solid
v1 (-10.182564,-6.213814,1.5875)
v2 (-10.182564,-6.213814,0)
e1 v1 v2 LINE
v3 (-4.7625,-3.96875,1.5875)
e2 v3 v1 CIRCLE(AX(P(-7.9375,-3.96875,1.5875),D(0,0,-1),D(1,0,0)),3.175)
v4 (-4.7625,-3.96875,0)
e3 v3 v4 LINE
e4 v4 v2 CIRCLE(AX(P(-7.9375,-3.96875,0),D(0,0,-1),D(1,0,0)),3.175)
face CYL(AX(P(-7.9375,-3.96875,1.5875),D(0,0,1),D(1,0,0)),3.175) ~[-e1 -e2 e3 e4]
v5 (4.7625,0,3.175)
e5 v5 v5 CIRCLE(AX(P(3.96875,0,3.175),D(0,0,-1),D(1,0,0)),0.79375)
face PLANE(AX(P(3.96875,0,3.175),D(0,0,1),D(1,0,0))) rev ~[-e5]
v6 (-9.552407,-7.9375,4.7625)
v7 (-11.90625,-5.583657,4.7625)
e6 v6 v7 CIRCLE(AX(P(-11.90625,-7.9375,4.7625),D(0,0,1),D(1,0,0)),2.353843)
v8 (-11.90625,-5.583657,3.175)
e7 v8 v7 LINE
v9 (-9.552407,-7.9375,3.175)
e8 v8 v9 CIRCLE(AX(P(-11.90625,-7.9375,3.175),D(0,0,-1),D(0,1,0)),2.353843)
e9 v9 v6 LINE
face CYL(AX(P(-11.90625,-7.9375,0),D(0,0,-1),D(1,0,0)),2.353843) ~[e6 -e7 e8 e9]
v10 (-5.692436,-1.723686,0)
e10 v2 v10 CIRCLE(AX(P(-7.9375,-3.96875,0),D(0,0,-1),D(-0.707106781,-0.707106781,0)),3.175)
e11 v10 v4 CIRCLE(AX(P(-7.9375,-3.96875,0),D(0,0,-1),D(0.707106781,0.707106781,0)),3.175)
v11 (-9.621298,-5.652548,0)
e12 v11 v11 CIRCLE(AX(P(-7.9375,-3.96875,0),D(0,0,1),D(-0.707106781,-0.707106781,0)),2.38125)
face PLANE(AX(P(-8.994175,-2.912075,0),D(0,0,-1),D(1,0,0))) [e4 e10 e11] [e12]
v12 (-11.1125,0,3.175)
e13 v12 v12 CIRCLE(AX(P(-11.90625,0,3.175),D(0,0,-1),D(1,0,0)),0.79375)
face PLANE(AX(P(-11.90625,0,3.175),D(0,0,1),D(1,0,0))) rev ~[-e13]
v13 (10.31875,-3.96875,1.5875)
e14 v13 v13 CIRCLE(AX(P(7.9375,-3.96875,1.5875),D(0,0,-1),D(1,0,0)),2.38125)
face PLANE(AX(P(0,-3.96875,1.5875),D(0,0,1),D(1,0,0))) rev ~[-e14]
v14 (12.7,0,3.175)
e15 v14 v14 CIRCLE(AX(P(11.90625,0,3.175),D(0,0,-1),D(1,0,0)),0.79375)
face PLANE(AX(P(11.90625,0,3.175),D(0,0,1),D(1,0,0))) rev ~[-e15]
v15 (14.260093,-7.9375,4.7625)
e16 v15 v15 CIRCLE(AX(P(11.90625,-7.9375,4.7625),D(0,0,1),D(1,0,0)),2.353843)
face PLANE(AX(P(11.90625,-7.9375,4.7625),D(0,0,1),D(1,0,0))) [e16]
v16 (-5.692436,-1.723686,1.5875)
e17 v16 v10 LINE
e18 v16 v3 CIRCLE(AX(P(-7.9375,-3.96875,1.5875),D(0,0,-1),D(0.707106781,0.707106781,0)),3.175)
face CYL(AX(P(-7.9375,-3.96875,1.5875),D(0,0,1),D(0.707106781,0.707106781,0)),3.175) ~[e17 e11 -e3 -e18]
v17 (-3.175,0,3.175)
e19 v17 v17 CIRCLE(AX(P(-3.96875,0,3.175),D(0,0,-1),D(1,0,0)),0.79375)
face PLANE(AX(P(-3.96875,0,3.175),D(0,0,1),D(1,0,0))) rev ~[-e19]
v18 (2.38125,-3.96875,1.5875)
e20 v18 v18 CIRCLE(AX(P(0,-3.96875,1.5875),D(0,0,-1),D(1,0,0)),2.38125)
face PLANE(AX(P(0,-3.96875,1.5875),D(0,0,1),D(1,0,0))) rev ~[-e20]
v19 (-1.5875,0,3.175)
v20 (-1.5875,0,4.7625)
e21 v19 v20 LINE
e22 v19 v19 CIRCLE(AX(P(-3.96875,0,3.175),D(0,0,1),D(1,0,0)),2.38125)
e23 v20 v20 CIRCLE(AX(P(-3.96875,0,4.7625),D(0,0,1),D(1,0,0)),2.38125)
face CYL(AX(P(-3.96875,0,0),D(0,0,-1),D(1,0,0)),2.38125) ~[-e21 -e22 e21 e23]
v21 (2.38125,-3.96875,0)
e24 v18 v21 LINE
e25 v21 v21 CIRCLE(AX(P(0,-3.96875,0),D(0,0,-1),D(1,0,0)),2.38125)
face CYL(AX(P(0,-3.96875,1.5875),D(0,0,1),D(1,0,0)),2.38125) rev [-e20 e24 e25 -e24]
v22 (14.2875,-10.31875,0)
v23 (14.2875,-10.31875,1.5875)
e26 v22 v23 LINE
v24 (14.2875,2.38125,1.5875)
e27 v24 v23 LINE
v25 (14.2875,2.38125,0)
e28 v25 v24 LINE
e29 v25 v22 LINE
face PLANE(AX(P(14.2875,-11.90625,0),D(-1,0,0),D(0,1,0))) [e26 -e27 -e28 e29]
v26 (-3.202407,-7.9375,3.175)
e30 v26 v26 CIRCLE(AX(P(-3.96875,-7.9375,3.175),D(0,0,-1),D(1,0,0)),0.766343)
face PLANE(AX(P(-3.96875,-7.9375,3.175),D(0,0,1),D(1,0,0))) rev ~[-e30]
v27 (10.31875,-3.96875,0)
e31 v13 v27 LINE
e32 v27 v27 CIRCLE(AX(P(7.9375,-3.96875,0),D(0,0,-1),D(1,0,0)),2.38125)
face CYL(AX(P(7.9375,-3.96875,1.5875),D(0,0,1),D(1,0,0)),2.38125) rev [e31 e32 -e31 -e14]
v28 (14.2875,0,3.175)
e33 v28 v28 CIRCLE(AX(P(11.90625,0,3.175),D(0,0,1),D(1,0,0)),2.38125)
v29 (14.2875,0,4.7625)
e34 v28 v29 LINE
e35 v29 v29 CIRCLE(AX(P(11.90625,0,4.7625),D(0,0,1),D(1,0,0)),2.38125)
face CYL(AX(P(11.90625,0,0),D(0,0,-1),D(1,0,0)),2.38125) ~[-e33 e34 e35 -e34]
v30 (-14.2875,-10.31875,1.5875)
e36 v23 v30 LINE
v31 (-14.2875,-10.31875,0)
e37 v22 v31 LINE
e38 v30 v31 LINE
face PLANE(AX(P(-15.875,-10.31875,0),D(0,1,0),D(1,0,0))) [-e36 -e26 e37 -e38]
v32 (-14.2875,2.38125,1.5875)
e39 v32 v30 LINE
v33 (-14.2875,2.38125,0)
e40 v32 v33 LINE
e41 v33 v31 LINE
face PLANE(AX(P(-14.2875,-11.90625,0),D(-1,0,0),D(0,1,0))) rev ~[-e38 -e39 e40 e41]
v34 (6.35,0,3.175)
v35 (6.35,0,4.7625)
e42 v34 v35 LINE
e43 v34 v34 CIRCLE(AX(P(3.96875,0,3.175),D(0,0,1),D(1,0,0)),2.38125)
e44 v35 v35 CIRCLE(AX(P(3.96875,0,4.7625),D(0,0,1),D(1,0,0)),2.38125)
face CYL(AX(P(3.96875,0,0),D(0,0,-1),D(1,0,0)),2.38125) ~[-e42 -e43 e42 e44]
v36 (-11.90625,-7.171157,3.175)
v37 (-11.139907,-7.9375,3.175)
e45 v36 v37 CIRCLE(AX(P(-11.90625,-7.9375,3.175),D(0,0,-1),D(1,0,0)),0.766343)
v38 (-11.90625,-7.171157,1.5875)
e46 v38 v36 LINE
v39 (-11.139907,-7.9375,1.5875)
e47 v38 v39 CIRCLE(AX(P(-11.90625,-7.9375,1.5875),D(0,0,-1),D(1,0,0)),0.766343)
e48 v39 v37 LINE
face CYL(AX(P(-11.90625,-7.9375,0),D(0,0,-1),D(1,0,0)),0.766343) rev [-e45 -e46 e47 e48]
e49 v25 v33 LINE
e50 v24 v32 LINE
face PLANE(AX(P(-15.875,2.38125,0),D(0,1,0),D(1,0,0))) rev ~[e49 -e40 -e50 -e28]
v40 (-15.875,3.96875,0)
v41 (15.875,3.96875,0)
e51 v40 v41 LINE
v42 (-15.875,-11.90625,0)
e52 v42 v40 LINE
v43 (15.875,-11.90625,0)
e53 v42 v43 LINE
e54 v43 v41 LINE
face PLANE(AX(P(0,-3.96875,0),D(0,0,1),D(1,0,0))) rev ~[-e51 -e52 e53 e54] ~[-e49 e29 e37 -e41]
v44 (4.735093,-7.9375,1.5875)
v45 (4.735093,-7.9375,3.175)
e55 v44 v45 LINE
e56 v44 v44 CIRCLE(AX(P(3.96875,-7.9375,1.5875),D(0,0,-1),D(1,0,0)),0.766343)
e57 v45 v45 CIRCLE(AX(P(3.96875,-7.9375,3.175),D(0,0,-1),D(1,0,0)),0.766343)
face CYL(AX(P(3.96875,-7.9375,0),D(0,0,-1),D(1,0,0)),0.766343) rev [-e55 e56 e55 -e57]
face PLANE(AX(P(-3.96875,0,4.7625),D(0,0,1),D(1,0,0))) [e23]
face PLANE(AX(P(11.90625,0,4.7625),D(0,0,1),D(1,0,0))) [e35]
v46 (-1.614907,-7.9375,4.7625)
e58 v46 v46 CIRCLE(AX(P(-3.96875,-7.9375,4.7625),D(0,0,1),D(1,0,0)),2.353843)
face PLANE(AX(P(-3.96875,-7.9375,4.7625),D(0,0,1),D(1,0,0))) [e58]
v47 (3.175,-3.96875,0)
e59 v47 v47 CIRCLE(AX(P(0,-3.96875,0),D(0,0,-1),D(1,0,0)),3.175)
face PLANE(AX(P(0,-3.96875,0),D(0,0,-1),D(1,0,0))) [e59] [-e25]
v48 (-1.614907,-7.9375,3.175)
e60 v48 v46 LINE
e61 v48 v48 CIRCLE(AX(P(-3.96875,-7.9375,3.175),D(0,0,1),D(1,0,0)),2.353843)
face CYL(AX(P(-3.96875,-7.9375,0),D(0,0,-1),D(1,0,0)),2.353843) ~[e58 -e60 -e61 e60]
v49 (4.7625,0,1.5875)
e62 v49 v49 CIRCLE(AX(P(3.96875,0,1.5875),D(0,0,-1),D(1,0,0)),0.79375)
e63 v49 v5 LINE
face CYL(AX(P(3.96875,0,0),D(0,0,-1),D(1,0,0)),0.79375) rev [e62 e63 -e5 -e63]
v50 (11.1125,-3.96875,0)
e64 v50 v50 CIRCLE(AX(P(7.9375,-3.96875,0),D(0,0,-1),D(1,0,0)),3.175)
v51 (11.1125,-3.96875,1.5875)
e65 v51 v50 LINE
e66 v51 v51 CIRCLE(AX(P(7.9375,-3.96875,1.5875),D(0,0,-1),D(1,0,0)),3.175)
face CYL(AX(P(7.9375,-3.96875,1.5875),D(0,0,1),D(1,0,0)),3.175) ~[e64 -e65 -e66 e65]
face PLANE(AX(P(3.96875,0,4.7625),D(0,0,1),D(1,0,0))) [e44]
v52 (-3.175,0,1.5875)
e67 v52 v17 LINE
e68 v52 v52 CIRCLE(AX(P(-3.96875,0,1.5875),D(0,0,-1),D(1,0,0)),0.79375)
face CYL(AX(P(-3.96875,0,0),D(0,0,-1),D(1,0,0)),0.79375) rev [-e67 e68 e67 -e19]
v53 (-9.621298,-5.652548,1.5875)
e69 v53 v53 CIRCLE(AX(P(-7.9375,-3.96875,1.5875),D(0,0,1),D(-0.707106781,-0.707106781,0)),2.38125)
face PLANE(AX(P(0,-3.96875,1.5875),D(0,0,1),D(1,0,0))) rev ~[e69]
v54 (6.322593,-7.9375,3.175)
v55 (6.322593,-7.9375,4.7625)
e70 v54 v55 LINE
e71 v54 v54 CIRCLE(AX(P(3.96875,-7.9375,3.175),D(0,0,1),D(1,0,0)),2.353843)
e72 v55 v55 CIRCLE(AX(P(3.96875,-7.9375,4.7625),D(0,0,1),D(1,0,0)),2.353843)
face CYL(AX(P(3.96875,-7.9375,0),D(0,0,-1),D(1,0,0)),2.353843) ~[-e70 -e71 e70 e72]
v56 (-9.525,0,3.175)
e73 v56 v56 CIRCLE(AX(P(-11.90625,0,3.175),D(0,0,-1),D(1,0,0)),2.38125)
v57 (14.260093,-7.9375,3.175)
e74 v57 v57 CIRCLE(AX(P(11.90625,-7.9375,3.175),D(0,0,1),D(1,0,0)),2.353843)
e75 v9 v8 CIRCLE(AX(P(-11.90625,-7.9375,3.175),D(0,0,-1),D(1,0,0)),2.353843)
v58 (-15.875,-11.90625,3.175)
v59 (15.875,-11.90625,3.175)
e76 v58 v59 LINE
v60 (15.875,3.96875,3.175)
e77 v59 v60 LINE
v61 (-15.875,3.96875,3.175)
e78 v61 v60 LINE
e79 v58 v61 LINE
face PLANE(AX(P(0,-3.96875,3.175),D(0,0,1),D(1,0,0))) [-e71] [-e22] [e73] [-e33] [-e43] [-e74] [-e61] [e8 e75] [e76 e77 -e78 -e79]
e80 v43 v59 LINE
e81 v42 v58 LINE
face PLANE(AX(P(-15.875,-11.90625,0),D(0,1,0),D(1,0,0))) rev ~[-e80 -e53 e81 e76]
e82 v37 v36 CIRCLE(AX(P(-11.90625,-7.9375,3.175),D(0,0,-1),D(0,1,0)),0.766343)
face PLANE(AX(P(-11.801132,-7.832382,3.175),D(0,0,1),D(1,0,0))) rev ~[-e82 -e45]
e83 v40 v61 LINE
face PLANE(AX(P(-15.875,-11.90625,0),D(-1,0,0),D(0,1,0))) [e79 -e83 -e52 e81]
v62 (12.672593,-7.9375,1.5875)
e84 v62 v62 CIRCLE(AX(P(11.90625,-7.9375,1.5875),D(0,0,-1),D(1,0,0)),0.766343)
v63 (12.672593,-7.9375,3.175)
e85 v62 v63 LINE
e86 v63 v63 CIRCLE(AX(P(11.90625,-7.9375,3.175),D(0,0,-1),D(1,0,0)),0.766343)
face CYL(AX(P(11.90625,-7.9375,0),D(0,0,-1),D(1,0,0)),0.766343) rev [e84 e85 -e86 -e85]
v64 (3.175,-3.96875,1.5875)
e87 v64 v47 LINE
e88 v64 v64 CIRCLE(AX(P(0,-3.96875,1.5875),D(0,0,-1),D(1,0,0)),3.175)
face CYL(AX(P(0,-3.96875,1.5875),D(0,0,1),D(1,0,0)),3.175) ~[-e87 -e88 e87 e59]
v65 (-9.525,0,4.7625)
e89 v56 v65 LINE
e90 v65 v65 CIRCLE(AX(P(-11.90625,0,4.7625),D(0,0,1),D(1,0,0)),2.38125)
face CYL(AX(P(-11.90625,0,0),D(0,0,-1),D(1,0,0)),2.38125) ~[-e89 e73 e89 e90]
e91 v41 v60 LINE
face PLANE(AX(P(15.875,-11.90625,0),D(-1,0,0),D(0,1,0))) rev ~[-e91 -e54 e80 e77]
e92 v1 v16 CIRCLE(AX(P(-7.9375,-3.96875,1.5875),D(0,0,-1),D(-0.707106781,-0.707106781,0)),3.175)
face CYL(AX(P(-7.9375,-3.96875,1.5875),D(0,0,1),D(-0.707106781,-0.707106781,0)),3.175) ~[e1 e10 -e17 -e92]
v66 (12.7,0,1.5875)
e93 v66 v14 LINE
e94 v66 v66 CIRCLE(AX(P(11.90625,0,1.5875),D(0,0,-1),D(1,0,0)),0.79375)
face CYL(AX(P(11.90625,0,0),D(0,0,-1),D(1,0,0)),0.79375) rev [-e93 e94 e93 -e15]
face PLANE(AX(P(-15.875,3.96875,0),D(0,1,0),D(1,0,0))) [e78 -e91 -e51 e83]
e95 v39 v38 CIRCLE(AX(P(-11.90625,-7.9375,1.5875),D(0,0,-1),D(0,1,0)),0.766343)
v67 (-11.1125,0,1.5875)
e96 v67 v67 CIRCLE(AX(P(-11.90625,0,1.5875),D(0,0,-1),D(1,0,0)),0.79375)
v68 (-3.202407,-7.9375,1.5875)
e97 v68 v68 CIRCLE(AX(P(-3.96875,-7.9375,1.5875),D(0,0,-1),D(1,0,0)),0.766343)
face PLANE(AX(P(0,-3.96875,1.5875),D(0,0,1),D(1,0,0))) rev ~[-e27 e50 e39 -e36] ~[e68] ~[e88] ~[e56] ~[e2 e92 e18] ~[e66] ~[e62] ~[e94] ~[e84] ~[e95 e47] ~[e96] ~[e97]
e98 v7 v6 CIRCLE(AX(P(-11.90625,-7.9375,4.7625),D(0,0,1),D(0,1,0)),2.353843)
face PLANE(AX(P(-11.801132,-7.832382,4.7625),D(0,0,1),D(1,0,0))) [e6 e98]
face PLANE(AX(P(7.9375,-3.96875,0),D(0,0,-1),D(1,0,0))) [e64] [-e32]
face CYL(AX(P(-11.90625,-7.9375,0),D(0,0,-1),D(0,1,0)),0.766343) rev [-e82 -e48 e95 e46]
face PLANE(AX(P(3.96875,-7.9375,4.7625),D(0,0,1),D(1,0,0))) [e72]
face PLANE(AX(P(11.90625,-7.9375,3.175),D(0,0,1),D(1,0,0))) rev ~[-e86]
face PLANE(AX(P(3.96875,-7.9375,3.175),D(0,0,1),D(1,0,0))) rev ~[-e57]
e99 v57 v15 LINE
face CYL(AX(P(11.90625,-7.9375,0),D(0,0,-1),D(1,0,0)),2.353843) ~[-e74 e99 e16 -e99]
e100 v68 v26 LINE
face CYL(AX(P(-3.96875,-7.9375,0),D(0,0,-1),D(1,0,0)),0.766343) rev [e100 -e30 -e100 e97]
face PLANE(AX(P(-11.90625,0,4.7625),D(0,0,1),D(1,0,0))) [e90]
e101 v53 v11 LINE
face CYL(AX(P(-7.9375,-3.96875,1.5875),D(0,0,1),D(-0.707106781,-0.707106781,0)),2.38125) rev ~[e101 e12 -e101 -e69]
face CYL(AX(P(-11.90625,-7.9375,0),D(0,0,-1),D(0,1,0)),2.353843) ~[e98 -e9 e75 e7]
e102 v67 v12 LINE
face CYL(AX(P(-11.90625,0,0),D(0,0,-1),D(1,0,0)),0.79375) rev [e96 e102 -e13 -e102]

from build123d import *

# Parameters (mm, degrees)
F0_W     = 31.75
F0_H     = 15.875
F0_R     = 2.3538427831
F0_R_2   = 2.38125
F1_DEPTH = 3.175
F2_DEPTH = 4.7625
F3_T     = -1.5875
F4_R     = 3.175
F4_R_2   = 2.38125
F5_DEPTH = 1.5875


with BuildPart() as f1:
    # F0 (on Top) → F1 (new body)
    with BuildSketch(Plane.XY):
        with Locations((0, -3.96875)):
            Rectangle(F0_W, F0_H)
        with BuildLine():
            ThreePointArc((-9.5524072169, -7.9375), (-13.5706681938, -9.6019181938), (-11.90625, -5.5836572169))
            ThreePointArc((-11.90625, -5.5836572169), (-10.2418318062, -6.2730818062), (-9.5524072169, -7.9375))
        make_face(mode=Mode.SUBTRACT)
        with Locations((-3.96875, -7.9375)):
            Circle(F0_R, mode=Mode.SUBTRACT)
        with Locations((3.96875, -7.9375)):
            Circle(F0_R, mode=Mode.SUBTRACT)
        with Locations((11.90625, -7.9375)):
            Circle(F0_R, mode=Mode.SUBTRACT)
        with BuildLine():
            ThreePointArc((-11.90625, -2.38125), (-13.5900480227, 1.6837980227), (-9.525, 0))
            ThreePointArc((-9.525, 0), (-10.2224519773, -1.6837980227), (-11.90625, -2.38125))
        make_face(mode=Mode.SUBTRACT)
        with Locations((-3.96875, 0)):
            Circle(F0_R_2, mode=Mode.SUBTRACT)
        with Locations((3.96875, 0)):
            Circle(F0_R_2, mode=Mode.SUBTRACT)
        with Locations((11.90625, 0)):
            Circle(F0_R_2, mode=Mode.SUBTRACT)
    extrude(amount=F1_DEPTH)

    # F0 (on Top) → F2 (join)
    with BuildSketch(Plane.XY):
        with Locations((11.90625, 0)):
            Circle(F0_R_2)
        with BuildLine():
            ThreePointArc((-11.90625, -2.38125), (-10.2224519773, -1.6837980227), (-9.525, 0))
            ThreePointArc((-9.525, 0), (-13.5900480227, 1.6837980227), (-11.90625, -2.38125))
        make_face()
        with Locations((3.96875, 0)):
            Circle(F0_R_2)
        with Locations((-3.96875, 0)):
            Circle(F0_R_2)
        with BuildLine():
            ThreePointArc((-9.5524072169, -7.9375), (-10.2418318062, -6.2730818062), (-11.90625, -5.5836572169))
            ThreePointArc((-11.90625, -5.5836572169), (-13.5706681938, -9.6019181938), (-9.5524072169, -7.9375))
        make_face()
        with Locations((-3.96875, -7.9375)):
            Circle(F0_R)
        with Locations((3.96875, -7.9375)):
            Circle(F0_R)
        with Locations((11.90625, -7.9375)):
            Circle(F0_R)
    extrude(amount=F2_DEPTH)

    # F3
    f3_openings = [f1.faces().sort_by_distance(p)[0] for p in [
        (0, -3.96875, 0),
    ]]
    offset(amount=F3_T, openings=f3_openings, kind=Kind.INTERSECTION)

    # F4 (on face) → F5 (join)
    with BuildSketch(Plane(origin=(0, 0, 1.5875), x_dir=(1, 0, 0), z_dir=(0, 0, -1))):
        with BuildLine():
            Line((-9.6212980227, 5.6525480227), (-10.1825640303, 6.2138140303))
            ThreePointArc((-10.1825640303, 6.2138140303), (-10.1825640303, 1.7236859697), (-5.6924359697, 1.7236859697))
            Line((-5.6924359697, 1.7236859697), (-6.2537019773, 2.2849519773))
            ThreePointArc((-6.2537019773, 2.2849519773), (-9.6212980227, 2.2849519773), (-9.6212980227, 5.6525480227))
        make_face()
        with BuildLine():
            ThreePointArc((-4.7625, 3.96875), (-6.7224801022, 6.9020675157), (-10.1825640303, 6.2138140303))
            Line((-10.1825640303, 6.2138140303), (-9.6212980227, 5.6525480227))
            ThreePointArc((-9.6212980227, 5.6525480227), (-7.0262350767, 6.1687381368), (-5.55625, 3.96875))
            ThreePointArc((-5.55625, 3.96875), (-5.7375118632, 3.0574850767), (-6.2537019773, 2.2849519773))
            Line((-6.2537019773, 2.2849519773), (-5.6924359697, 1.7236859697))
            ThreePointArc((-5.6924359697, 1.7236859697), (-5.0041824843, 2.7537301022), (-4.7625, 3.96875))
        make_face()
        with Locations((0, 3.96875)):
            Circle(F4_R)
        with Locations((0, 3.96875)):
            Circle(F4_R_2, mode=Mode.SUBTRACT)
        with Locations((7.9375, 3.96875)):
            Circle(F4_R)
        with Locations((7.9375, 3.96875)):
            Circle(F4_R_2, mode=Mode.SUBTRACT)
    extrude(amount=F5_DEPTH)


solid = f1.part
